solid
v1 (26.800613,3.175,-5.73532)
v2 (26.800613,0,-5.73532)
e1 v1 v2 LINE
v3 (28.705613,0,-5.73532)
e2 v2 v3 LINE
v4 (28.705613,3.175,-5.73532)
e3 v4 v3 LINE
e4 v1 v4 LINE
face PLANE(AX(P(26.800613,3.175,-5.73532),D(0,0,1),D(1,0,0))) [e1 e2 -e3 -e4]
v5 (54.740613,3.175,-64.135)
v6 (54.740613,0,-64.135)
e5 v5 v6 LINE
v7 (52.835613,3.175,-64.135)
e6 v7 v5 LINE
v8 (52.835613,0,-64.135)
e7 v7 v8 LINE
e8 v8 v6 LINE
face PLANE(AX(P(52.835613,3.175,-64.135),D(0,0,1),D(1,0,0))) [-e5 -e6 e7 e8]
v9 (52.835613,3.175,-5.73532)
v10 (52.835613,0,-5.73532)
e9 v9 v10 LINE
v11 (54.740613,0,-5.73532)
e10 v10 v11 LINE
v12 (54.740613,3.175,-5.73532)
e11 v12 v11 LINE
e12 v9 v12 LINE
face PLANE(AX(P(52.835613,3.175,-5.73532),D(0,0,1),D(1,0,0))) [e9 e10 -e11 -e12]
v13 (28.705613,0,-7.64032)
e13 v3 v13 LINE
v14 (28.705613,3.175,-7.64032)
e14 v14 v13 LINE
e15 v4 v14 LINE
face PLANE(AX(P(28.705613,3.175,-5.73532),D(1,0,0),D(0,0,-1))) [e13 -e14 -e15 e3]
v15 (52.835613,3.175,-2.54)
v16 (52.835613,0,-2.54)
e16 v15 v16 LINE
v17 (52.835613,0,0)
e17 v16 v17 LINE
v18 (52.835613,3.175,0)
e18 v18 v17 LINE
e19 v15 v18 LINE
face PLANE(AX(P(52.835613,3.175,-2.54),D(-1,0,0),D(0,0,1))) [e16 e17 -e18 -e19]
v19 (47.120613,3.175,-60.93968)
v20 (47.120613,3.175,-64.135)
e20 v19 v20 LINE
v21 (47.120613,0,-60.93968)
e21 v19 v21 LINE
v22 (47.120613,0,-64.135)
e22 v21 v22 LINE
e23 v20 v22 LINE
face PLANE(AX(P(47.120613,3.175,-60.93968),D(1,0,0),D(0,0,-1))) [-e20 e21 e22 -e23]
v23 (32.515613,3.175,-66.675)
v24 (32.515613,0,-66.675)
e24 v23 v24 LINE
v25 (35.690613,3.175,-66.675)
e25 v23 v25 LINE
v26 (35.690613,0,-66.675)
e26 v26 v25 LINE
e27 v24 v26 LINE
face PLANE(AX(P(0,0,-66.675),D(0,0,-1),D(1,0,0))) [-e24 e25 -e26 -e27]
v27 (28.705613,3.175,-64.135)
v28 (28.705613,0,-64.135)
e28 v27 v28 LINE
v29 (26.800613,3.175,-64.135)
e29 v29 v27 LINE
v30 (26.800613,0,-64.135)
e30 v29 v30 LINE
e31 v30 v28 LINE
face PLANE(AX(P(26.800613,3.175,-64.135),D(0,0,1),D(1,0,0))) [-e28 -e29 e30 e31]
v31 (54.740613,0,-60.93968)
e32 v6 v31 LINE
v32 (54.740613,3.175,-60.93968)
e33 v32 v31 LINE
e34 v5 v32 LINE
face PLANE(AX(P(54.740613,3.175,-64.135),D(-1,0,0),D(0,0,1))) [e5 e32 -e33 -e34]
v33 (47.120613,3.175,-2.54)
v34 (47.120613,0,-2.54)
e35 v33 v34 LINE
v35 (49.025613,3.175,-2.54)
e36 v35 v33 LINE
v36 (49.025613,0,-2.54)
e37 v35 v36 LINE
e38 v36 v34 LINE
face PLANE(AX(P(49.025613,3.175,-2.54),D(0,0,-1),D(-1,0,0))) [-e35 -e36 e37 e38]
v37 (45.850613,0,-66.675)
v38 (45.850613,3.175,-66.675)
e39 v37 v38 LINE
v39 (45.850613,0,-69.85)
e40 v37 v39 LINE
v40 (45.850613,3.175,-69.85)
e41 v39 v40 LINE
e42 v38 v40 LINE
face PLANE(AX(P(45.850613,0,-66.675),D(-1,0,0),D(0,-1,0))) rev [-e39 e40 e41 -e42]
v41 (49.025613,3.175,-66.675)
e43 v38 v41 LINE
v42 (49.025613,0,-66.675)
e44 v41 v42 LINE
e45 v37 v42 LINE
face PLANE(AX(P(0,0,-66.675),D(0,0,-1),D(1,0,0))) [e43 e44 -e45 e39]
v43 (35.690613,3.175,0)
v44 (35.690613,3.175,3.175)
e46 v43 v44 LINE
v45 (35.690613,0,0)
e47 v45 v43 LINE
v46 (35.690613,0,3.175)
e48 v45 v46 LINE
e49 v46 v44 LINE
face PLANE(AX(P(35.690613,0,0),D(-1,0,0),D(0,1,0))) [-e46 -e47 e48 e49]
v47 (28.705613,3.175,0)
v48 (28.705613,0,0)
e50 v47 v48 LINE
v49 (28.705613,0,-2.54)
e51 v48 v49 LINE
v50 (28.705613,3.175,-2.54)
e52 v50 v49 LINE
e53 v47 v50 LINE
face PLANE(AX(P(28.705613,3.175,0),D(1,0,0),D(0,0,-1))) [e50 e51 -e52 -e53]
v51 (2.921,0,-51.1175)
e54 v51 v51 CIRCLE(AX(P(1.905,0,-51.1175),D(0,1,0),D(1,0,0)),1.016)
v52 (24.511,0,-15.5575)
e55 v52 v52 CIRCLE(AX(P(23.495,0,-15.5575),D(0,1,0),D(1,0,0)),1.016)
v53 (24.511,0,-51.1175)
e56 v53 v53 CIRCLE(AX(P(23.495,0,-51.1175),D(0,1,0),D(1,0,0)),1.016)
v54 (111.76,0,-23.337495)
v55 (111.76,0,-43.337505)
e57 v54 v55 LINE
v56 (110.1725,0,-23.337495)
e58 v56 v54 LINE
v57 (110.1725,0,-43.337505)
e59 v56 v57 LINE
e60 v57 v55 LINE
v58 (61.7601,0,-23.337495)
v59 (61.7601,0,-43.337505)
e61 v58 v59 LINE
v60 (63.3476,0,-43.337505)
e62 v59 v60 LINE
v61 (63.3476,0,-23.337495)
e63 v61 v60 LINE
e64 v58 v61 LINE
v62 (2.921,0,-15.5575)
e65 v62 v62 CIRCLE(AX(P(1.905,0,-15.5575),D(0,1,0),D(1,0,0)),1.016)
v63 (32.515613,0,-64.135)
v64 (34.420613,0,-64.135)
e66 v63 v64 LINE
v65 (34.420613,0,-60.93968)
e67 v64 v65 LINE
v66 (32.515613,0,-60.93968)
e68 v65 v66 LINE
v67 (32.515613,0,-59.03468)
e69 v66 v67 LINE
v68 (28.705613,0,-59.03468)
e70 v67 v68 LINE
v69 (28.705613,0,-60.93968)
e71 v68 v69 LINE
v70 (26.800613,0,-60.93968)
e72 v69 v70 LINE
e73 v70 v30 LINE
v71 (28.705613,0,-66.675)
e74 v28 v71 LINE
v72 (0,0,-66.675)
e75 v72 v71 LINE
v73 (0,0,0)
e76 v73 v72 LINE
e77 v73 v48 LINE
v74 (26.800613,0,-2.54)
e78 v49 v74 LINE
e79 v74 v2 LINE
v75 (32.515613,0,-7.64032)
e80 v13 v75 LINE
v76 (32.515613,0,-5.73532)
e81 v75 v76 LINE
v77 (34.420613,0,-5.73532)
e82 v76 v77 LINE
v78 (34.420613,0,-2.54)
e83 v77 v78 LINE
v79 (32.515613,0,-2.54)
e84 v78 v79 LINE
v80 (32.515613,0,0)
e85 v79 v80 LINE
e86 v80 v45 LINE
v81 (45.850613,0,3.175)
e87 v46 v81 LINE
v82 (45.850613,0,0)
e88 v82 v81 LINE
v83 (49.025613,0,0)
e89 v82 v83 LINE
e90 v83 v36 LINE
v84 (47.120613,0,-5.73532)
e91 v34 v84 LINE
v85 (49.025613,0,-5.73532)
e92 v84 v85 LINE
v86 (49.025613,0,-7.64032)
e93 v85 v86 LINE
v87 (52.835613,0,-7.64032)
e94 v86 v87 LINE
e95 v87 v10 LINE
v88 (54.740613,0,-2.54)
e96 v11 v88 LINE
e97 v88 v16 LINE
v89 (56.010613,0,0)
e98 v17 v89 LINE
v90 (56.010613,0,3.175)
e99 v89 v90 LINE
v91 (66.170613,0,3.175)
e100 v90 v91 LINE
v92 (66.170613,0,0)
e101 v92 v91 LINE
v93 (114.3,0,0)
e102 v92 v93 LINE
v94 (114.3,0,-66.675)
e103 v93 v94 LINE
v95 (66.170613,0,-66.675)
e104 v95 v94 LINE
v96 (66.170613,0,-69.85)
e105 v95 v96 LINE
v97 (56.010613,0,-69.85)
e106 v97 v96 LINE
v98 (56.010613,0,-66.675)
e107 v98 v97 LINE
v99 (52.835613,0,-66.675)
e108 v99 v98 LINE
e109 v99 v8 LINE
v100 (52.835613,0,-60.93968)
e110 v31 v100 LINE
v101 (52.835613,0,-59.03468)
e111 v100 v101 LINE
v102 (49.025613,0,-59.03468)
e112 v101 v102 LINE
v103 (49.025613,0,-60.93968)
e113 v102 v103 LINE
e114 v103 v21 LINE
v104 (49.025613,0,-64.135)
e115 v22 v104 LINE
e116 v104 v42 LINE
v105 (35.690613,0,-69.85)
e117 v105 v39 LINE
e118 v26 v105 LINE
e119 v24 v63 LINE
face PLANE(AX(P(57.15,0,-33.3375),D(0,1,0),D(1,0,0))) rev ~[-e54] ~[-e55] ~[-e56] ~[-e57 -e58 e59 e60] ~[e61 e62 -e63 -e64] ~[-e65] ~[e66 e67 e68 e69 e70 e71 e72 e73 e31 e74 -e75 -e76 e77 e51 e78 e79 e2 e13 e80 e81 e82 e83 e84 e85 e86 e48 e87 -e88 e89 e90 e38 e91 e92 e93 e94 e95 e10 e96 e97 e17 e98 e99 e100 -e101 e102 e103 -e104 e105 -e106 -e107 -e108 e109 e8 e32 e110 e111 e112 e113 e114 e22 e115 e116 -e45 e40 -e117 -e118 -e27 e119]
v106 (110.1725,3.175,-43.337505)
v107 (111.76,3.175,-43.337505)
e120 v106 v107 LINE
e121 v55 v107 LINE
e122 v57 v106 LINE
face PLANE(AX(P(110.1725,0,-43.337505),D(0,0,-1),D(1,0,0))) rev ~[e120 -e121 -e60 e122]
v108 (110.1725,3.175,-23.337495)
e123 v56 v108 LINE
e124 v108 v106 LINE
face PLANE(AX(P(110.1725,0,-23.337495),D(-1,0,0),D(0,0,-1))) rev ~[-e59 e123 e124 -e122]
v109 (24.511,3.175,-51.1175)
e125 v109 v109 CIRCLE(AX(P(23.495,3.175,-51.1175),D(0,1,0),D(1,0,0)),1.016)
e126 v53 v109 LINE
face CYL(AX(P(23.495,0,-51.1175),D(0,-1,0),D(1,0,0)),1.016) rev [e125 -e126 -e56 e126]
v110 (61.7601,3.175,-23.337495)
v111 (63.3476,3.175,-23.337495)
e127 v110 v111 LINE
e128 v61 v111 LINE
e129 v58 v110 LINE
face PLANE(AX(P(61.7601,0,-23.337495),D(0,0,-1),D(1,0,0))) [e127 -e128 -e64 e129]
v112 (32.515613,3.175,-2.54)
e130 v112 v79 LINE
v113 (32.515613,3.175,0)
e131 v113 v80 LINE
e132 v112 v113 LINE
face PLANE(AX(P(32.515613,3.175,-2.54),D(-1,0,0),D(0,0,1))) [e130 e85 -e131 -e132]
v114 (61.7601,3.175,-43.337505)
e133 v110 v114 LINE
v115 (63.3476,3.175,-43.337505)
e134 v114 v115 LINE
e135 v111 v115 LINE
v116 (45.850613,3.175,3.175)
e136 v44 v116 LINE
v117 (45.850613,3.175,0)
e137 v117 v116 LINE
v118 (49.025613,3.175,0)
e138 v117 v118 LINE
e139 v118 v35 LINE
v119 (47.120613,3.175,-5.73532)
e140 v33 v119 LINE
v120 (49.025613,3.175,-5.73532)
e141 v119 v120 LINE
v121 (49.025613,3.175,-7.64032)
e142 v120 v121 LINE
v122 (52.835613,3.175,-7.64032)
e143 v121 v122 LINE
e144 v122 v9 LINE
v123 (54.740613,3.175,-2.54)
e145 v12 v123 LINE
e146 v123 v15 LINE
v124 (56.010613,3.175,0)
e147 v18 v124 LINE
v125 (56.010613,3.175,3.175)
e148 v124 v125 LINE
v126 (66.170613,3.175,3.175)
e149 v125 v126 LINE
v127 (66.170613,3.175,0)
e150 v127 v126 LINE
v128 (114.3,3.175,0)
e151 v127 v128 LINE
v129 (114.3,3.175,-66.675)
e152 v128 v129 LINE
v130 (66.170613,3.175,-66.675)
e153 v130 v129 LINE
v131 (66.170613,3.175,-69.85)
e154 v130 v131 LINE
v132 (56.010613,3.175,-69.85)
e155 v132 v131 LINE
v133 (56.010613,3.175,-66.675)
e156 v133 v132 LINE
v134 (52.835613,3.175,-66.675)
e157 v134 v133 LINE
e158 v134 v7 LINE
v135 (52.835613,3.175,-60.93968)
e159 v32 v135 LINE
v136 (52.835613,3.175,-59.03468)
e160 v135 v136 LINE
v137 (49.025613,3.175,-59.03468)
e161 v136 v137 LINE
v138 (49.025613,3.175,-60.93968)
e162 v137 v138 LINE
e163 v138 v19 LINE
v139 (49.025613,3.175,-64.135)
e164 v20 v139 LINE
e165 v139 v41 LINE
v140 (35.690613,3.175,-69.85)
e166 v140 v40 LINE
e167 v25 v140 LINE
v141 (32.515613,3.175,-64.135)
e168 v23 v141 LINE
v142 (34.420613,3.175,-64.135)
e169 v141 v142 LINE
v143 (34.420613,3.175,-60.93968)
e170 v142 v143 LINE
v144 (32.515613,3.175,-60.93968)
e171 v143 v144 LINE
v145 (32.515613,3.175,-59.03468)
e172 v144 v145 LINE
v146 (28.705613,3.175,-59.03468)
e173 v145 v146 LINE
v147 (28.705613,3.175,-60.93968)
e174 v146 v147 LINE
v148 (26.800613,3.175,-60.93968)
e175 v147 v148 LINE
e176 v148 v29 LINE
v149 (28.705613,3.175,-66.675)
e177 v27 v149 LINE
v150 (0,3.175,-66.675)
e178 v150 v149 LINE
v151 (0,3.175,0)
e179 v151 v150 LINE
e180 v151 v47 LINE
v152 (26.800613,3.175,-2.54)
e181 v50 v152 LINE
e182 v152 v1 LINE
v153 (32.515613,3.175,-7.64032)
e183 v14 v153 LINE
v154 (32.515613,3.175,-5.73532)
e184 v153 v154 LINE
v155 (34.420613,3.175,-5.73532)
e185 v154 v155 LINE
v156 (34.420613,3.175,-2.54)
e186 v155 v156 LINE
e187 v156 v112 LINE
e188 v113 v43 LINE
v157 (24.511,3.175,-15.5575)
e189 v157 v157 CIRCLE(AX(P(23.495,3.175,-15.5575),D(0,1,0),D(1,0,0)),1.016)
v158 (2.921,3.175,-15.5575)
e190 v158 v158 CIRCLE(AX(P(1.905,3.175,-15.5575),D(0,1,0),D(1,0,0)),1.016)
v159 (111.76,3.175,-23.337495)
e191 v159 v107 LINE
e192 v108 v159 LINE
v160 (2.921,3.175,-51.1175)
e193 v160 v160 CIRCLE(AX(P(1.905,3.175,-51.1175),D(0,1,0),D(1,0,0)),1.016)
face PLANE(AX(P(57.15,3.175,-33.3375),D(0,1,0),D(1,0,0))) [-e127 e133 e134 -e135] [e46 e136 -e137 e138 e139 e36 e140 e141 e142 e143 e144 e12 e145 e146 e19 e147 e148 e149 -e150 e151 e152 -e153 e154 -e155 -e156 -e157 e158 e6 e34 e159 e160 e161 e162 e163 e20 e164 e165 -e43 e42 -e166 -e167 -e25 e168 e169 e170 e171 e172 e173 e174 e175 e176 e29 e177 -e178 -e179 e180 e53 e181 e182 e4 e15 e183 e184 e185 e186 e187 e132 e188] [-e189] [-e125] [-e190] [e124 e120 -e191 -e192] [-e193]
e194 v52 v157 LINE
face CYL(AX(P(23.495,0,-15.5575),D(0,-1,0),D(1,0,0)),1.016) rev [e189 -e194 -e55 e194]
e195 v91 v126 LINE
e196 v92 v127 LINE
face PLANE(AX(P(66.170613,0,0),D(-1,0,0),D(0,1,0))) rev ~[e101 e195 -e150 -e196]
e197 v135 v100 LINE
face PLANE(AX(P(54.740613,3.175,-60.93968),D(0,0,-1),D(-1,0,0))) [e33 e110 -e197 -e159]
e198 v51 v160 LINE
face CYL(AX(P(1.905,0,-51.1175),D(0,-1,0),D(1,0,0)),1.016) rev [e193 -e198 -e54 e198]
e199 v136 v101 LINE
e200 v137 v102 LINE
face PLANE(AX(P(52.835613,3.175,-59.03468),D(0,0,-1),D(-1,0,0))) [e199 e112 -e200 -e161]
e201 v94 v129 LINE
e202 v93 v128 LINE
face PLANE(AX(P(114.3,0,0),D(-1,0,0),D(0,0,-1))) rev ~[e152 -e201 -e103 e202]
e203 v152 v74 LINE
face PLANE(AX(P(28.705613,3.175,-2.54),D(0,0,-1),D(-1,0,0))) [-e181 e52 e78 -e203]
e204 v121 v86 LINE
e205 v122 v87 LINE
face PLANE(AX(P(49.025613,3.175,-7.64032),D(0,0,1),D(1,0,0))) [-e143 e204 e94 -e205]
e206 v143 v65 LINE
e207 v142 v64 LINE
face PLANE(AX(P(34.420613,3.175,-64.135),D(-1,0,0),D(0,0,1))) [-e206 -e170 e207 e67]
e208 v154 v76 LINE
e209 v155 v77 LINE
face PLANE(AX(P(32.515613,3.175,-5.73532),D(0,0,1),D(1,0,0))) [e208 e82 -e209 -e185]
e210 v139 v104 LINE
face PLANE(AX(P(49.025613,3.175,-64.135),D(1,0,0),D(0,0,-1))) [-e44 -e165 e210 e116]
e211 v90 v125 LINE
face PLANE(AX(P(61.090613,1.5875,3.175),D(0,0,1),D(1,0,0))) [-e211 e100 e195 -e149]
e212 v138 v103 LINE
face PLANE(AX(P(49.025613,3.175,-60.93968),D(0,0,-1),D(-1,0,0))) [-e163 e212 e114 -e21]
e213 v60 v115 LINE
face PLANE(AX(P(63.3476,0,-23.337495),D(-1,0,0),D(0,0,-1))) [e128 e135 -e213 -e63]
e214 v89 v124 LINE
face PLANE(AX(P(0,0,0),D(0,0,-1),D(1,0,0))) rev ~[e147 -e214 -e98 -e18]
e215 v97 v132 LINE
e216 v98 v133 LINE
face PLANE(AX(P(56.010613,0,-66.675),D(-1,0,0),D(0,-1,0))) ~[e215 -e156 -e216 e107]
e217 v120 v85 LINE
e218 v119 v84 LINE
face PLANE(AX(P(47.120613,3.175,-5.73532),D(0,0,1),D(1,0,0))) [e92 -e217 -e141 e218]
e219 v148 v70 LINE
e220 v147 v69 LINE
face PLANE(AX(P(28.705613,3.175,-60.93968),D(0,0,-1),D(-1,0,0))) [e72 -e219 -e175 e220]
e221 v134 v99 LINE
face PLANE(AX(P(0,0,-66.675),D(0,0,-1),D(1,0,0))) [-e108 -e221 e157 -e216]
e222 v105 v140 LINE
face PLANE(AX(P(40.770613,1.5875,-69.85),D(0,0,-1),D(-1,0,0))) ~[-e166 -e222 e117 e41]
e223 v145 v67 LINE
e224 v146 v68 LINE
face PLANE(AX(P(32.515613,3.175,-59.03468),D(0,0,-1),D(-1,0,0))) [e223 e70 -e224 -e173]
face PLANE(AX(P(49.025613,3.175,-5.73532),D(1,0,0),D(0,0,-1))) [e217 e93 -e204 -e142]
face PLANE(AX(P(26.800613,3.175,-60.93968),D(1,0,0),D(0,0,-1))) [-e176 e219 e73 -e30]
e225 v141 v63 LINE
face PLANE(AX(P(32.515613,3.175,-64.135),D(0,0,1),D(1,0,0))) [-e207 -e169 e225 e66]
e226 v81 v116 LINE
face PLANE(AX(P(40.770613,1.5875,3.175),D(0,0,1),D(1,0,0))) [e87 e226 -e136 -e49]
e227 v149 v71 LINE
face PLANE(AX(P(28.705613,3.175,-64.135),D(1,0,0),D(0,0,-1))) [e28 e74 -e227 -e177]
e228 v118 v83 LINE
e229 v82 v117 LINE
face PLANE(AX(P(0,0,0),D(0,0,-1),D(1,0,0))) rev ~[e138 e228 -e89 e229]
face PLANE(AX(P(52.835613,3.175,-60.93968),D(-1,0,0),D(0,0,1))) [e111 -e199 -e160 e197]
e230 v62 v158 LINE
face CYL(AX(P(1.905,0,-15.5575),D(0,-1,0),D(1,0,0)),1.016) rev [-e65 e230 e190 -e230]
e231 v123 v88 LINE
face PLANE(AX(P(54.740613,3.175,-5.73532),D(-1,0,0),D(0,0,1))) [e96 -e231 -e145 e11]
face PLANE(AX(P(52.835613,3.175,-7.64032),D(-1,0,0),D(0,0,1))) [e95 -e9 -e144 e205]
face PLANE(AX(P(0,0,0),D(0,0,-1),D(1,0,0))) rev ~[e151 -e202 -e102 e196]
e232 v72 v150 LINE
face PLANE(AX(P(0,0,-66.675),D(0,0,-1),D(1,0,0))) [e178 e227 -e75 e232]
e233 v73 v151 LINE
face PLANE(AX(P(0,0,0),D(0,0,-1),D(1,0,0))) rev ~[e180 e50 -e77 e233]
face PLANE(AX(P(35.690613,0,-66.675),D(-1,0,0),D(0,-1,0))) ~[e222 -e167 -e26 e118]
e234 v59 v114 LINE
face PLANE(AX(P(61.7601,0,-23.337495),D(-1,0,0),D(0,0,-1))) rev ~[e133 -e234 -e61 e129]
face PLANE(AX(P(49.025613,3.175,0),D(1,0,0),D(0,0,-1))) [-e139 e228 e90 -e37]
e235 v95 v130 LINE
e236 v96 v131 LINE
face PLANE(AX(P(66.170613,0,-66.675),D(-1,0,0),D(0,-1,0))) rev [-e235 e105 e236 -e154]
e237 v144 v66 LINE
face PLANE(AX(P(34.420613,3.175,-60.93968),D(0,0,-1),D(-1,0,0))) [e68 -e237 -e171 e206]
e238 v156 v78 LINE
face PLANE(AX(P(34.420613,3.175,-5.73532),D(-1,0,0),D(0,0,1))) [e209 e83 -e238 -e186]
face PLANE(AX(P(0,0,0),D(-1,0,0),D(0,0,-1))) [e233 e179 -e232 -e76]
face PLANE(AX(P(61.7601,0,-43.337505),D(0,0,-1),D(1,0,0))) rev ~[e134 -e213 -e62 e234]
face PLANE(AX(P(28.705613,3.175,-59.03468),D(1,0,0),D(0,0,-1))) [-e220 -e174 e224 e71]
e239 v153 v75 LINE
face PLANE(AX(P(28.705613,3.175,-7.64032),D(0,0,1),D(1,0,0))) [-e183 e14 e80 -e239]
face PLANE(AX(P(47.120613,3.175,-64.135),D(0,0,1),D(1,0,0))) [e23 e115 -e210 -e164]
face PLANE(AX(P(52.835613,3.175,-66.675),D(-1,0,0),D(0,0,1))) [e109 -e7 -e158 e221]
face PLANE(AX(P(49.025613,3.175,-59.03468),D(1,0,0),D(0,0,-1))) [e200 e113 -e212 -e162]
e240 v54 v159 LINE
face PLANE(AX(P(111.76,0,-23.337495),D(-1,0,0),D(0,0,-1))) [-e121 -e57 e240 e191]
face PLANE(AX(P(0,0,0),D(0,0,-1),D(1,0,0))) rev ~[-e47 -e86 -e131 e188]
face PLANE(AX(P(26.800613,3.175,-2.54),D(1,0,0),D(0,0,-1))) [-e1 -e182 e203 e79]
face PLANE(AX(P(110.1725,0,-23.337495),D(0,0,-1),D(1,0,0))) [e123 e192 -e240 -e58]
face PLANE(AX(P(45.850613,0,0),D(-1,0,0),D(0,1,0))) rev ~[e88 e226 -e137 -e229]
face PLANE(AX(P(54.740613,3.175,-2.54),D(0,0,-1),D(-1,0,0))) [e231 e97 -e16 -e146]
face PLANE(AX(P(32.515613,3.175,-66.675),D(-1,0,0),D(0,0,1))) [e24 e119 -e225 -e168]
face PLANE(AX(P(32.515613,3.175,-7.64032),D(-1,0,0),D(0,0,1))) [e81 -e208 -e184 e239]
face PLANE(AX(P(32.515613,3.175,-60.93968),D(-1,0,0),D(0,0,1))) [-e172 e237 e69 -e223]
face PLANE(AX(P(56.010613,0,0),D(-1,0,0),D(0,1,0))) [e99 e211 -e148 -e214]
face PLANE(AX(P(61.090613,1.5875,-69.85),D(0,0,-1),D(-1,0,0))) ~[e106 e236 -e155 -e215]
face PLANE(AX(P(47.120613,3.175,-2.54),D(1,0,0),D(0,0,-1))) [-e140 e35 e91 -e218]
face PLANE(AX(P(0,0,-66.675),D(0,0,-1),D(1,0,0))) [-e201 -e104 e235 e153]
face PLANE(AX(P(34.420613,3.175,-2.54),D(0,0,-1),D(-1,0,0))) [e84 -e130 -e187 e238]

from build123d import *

# Parameters (mm, degrees)
SKETCH1_W           = 114.3
SKETCH1_H           = 66.675
SKETCH1_R           = 1.016
SKETCH1_W_2         = 1.5875
SKETCH1_H_2         = 20.0000108
BOSS_EXTRUDE1_DEPTH = 3.175
SKETCH2_W           = 10.16
SKETCH2_H           = 3.175
BOSS_EXTRUDE3_DEPTH = 3.175
CUT_EXTRUDE1_DEPTH  = 3.175


with BuildPart() as part:
    # Sketch1 → Boss-Extrude1 (new body)
    with BuildSketch(Plane(origin=(0, 0, 0), x_dir=(1, 0, 0), z_dir=(0, 1, 0))):
        with Locations((57.15, 33.3375)):
            Rectangle(SKETCH1_W, SKETCH1_H)
        with Locations((1.905, 15.5575)):
            Circle(SKETCH1_R, mode=Mode.SUBTRACT)
        with Locations((23.495, 15.5575)):
            Circle(SKETCH1_R, mode=Mode.SUBTRACT)
        with Locations((23.495, 51.1175)):
            Circle(SKETCH1_R, mode=Mode.SUBTRACT)
        with Locations((1.905, 51.1175)):
            Circle(SKETCH1_R, mode=Mode.SUBTRACT)
        with Locations((110.96625, 33.3375)):
            Rectangle(SKETCH1_W_2, SKETCH1_H_2, mode=Mode.SUBTRACT)
        with Locations((62.55385, 33.3375)):
            Rectangle(SKETCH1_W_2, SKETCH1_H_2, mode=Mode.SUBTRACT)
    extrude(amount=BOSS_EXTRUDE1_DEPTH)

    # Sketch2 → Boss-Extrude3 (add)
    with BuildSketch(Plane.XY):
        with Locations((40.770613131, 1.5875)):
            Rectangle(SKETCH2_W, SKETCH2_H)
        with Locations((61.090613131, 1.5875)):
            Rectangle(SKETCH2_W, SKETCH2_H)
    boss_extrude3 = extrude(amount=BOSS_EXTRUDE3_DEPTH)

    # Mirror2: Boss-Extrude3 across plane
    add(boss_extrude3.mirror(Plane(origin=(0, 3.175, -33.3375), x_dir=(1, 0, 0), z_dir=(0, 0, -1))))

    # Sketch4 → Cut-Extrude1 (cut)
    with BuildSketch(Plane(origin=(0, 3.175, 0), x_dir=(1, 0, 0), z_dir=(0, 1, 0))):
        Polygon((28.705613131, 0), (28.705613131, 2.54), (26.800613131, 2.54), (26.800613131, 5.73532), (28.705613131, 5.73532), (28.705613131, 7.64032), (32.515613131, 7.64032), (32.515613131, 5.73532), (34.420613131, 5.73532), (34.420613131, 2.54), (32.515613131, 2.54), (32.515613131, 0), align=None)
        Polygon((49.025613131, 0), (49.025613131, 2.54), (47.120613131, 2.54), (47.120613131, 5.73532), (49.025613131, 5.73532), (49.025613131, 7.64032), (52.835613131, 7.64032), (52.835613131, 5.73532), (54.740613131, 5.73532), (54.740613131, 2.54), (52.835613131, 2.54), (52.835613131, 0), align=None)
        Polygon((52.835613131, 66.675), (52.835613131, 64.135), (54.740613131, 64.135), (54.740613131, 60.93968), (52.835613131, 60.93968), (52.835613131, 59.03468), (49.025613131, 59.03468), (49.025613131, 60.93968), (47.120613131, 60.93968), (47.120613131, 64.135), (49.025613131, 64.135), (49.025613131, 66.675), align=None)
        Polygon((32.515613131, 66.675), (32.515613131, 64.135), (34.420613131, 64.135), (34.420613131, 60.93968), (32.515613131, 60.93968), (32.515613131, 59.03468), (28.705613131, 59.03468), (28.705613131, 60.93968), (26.800613131, 60.93968), (26.800613131, 64.135), (28.705613131, 64.135), (28.705613131, 66.675), align=None)
    extrude(amount=-CUT_EXTRUDE1_DEPTH, mode=Mode.SUBTRACT)


solid = part.part
